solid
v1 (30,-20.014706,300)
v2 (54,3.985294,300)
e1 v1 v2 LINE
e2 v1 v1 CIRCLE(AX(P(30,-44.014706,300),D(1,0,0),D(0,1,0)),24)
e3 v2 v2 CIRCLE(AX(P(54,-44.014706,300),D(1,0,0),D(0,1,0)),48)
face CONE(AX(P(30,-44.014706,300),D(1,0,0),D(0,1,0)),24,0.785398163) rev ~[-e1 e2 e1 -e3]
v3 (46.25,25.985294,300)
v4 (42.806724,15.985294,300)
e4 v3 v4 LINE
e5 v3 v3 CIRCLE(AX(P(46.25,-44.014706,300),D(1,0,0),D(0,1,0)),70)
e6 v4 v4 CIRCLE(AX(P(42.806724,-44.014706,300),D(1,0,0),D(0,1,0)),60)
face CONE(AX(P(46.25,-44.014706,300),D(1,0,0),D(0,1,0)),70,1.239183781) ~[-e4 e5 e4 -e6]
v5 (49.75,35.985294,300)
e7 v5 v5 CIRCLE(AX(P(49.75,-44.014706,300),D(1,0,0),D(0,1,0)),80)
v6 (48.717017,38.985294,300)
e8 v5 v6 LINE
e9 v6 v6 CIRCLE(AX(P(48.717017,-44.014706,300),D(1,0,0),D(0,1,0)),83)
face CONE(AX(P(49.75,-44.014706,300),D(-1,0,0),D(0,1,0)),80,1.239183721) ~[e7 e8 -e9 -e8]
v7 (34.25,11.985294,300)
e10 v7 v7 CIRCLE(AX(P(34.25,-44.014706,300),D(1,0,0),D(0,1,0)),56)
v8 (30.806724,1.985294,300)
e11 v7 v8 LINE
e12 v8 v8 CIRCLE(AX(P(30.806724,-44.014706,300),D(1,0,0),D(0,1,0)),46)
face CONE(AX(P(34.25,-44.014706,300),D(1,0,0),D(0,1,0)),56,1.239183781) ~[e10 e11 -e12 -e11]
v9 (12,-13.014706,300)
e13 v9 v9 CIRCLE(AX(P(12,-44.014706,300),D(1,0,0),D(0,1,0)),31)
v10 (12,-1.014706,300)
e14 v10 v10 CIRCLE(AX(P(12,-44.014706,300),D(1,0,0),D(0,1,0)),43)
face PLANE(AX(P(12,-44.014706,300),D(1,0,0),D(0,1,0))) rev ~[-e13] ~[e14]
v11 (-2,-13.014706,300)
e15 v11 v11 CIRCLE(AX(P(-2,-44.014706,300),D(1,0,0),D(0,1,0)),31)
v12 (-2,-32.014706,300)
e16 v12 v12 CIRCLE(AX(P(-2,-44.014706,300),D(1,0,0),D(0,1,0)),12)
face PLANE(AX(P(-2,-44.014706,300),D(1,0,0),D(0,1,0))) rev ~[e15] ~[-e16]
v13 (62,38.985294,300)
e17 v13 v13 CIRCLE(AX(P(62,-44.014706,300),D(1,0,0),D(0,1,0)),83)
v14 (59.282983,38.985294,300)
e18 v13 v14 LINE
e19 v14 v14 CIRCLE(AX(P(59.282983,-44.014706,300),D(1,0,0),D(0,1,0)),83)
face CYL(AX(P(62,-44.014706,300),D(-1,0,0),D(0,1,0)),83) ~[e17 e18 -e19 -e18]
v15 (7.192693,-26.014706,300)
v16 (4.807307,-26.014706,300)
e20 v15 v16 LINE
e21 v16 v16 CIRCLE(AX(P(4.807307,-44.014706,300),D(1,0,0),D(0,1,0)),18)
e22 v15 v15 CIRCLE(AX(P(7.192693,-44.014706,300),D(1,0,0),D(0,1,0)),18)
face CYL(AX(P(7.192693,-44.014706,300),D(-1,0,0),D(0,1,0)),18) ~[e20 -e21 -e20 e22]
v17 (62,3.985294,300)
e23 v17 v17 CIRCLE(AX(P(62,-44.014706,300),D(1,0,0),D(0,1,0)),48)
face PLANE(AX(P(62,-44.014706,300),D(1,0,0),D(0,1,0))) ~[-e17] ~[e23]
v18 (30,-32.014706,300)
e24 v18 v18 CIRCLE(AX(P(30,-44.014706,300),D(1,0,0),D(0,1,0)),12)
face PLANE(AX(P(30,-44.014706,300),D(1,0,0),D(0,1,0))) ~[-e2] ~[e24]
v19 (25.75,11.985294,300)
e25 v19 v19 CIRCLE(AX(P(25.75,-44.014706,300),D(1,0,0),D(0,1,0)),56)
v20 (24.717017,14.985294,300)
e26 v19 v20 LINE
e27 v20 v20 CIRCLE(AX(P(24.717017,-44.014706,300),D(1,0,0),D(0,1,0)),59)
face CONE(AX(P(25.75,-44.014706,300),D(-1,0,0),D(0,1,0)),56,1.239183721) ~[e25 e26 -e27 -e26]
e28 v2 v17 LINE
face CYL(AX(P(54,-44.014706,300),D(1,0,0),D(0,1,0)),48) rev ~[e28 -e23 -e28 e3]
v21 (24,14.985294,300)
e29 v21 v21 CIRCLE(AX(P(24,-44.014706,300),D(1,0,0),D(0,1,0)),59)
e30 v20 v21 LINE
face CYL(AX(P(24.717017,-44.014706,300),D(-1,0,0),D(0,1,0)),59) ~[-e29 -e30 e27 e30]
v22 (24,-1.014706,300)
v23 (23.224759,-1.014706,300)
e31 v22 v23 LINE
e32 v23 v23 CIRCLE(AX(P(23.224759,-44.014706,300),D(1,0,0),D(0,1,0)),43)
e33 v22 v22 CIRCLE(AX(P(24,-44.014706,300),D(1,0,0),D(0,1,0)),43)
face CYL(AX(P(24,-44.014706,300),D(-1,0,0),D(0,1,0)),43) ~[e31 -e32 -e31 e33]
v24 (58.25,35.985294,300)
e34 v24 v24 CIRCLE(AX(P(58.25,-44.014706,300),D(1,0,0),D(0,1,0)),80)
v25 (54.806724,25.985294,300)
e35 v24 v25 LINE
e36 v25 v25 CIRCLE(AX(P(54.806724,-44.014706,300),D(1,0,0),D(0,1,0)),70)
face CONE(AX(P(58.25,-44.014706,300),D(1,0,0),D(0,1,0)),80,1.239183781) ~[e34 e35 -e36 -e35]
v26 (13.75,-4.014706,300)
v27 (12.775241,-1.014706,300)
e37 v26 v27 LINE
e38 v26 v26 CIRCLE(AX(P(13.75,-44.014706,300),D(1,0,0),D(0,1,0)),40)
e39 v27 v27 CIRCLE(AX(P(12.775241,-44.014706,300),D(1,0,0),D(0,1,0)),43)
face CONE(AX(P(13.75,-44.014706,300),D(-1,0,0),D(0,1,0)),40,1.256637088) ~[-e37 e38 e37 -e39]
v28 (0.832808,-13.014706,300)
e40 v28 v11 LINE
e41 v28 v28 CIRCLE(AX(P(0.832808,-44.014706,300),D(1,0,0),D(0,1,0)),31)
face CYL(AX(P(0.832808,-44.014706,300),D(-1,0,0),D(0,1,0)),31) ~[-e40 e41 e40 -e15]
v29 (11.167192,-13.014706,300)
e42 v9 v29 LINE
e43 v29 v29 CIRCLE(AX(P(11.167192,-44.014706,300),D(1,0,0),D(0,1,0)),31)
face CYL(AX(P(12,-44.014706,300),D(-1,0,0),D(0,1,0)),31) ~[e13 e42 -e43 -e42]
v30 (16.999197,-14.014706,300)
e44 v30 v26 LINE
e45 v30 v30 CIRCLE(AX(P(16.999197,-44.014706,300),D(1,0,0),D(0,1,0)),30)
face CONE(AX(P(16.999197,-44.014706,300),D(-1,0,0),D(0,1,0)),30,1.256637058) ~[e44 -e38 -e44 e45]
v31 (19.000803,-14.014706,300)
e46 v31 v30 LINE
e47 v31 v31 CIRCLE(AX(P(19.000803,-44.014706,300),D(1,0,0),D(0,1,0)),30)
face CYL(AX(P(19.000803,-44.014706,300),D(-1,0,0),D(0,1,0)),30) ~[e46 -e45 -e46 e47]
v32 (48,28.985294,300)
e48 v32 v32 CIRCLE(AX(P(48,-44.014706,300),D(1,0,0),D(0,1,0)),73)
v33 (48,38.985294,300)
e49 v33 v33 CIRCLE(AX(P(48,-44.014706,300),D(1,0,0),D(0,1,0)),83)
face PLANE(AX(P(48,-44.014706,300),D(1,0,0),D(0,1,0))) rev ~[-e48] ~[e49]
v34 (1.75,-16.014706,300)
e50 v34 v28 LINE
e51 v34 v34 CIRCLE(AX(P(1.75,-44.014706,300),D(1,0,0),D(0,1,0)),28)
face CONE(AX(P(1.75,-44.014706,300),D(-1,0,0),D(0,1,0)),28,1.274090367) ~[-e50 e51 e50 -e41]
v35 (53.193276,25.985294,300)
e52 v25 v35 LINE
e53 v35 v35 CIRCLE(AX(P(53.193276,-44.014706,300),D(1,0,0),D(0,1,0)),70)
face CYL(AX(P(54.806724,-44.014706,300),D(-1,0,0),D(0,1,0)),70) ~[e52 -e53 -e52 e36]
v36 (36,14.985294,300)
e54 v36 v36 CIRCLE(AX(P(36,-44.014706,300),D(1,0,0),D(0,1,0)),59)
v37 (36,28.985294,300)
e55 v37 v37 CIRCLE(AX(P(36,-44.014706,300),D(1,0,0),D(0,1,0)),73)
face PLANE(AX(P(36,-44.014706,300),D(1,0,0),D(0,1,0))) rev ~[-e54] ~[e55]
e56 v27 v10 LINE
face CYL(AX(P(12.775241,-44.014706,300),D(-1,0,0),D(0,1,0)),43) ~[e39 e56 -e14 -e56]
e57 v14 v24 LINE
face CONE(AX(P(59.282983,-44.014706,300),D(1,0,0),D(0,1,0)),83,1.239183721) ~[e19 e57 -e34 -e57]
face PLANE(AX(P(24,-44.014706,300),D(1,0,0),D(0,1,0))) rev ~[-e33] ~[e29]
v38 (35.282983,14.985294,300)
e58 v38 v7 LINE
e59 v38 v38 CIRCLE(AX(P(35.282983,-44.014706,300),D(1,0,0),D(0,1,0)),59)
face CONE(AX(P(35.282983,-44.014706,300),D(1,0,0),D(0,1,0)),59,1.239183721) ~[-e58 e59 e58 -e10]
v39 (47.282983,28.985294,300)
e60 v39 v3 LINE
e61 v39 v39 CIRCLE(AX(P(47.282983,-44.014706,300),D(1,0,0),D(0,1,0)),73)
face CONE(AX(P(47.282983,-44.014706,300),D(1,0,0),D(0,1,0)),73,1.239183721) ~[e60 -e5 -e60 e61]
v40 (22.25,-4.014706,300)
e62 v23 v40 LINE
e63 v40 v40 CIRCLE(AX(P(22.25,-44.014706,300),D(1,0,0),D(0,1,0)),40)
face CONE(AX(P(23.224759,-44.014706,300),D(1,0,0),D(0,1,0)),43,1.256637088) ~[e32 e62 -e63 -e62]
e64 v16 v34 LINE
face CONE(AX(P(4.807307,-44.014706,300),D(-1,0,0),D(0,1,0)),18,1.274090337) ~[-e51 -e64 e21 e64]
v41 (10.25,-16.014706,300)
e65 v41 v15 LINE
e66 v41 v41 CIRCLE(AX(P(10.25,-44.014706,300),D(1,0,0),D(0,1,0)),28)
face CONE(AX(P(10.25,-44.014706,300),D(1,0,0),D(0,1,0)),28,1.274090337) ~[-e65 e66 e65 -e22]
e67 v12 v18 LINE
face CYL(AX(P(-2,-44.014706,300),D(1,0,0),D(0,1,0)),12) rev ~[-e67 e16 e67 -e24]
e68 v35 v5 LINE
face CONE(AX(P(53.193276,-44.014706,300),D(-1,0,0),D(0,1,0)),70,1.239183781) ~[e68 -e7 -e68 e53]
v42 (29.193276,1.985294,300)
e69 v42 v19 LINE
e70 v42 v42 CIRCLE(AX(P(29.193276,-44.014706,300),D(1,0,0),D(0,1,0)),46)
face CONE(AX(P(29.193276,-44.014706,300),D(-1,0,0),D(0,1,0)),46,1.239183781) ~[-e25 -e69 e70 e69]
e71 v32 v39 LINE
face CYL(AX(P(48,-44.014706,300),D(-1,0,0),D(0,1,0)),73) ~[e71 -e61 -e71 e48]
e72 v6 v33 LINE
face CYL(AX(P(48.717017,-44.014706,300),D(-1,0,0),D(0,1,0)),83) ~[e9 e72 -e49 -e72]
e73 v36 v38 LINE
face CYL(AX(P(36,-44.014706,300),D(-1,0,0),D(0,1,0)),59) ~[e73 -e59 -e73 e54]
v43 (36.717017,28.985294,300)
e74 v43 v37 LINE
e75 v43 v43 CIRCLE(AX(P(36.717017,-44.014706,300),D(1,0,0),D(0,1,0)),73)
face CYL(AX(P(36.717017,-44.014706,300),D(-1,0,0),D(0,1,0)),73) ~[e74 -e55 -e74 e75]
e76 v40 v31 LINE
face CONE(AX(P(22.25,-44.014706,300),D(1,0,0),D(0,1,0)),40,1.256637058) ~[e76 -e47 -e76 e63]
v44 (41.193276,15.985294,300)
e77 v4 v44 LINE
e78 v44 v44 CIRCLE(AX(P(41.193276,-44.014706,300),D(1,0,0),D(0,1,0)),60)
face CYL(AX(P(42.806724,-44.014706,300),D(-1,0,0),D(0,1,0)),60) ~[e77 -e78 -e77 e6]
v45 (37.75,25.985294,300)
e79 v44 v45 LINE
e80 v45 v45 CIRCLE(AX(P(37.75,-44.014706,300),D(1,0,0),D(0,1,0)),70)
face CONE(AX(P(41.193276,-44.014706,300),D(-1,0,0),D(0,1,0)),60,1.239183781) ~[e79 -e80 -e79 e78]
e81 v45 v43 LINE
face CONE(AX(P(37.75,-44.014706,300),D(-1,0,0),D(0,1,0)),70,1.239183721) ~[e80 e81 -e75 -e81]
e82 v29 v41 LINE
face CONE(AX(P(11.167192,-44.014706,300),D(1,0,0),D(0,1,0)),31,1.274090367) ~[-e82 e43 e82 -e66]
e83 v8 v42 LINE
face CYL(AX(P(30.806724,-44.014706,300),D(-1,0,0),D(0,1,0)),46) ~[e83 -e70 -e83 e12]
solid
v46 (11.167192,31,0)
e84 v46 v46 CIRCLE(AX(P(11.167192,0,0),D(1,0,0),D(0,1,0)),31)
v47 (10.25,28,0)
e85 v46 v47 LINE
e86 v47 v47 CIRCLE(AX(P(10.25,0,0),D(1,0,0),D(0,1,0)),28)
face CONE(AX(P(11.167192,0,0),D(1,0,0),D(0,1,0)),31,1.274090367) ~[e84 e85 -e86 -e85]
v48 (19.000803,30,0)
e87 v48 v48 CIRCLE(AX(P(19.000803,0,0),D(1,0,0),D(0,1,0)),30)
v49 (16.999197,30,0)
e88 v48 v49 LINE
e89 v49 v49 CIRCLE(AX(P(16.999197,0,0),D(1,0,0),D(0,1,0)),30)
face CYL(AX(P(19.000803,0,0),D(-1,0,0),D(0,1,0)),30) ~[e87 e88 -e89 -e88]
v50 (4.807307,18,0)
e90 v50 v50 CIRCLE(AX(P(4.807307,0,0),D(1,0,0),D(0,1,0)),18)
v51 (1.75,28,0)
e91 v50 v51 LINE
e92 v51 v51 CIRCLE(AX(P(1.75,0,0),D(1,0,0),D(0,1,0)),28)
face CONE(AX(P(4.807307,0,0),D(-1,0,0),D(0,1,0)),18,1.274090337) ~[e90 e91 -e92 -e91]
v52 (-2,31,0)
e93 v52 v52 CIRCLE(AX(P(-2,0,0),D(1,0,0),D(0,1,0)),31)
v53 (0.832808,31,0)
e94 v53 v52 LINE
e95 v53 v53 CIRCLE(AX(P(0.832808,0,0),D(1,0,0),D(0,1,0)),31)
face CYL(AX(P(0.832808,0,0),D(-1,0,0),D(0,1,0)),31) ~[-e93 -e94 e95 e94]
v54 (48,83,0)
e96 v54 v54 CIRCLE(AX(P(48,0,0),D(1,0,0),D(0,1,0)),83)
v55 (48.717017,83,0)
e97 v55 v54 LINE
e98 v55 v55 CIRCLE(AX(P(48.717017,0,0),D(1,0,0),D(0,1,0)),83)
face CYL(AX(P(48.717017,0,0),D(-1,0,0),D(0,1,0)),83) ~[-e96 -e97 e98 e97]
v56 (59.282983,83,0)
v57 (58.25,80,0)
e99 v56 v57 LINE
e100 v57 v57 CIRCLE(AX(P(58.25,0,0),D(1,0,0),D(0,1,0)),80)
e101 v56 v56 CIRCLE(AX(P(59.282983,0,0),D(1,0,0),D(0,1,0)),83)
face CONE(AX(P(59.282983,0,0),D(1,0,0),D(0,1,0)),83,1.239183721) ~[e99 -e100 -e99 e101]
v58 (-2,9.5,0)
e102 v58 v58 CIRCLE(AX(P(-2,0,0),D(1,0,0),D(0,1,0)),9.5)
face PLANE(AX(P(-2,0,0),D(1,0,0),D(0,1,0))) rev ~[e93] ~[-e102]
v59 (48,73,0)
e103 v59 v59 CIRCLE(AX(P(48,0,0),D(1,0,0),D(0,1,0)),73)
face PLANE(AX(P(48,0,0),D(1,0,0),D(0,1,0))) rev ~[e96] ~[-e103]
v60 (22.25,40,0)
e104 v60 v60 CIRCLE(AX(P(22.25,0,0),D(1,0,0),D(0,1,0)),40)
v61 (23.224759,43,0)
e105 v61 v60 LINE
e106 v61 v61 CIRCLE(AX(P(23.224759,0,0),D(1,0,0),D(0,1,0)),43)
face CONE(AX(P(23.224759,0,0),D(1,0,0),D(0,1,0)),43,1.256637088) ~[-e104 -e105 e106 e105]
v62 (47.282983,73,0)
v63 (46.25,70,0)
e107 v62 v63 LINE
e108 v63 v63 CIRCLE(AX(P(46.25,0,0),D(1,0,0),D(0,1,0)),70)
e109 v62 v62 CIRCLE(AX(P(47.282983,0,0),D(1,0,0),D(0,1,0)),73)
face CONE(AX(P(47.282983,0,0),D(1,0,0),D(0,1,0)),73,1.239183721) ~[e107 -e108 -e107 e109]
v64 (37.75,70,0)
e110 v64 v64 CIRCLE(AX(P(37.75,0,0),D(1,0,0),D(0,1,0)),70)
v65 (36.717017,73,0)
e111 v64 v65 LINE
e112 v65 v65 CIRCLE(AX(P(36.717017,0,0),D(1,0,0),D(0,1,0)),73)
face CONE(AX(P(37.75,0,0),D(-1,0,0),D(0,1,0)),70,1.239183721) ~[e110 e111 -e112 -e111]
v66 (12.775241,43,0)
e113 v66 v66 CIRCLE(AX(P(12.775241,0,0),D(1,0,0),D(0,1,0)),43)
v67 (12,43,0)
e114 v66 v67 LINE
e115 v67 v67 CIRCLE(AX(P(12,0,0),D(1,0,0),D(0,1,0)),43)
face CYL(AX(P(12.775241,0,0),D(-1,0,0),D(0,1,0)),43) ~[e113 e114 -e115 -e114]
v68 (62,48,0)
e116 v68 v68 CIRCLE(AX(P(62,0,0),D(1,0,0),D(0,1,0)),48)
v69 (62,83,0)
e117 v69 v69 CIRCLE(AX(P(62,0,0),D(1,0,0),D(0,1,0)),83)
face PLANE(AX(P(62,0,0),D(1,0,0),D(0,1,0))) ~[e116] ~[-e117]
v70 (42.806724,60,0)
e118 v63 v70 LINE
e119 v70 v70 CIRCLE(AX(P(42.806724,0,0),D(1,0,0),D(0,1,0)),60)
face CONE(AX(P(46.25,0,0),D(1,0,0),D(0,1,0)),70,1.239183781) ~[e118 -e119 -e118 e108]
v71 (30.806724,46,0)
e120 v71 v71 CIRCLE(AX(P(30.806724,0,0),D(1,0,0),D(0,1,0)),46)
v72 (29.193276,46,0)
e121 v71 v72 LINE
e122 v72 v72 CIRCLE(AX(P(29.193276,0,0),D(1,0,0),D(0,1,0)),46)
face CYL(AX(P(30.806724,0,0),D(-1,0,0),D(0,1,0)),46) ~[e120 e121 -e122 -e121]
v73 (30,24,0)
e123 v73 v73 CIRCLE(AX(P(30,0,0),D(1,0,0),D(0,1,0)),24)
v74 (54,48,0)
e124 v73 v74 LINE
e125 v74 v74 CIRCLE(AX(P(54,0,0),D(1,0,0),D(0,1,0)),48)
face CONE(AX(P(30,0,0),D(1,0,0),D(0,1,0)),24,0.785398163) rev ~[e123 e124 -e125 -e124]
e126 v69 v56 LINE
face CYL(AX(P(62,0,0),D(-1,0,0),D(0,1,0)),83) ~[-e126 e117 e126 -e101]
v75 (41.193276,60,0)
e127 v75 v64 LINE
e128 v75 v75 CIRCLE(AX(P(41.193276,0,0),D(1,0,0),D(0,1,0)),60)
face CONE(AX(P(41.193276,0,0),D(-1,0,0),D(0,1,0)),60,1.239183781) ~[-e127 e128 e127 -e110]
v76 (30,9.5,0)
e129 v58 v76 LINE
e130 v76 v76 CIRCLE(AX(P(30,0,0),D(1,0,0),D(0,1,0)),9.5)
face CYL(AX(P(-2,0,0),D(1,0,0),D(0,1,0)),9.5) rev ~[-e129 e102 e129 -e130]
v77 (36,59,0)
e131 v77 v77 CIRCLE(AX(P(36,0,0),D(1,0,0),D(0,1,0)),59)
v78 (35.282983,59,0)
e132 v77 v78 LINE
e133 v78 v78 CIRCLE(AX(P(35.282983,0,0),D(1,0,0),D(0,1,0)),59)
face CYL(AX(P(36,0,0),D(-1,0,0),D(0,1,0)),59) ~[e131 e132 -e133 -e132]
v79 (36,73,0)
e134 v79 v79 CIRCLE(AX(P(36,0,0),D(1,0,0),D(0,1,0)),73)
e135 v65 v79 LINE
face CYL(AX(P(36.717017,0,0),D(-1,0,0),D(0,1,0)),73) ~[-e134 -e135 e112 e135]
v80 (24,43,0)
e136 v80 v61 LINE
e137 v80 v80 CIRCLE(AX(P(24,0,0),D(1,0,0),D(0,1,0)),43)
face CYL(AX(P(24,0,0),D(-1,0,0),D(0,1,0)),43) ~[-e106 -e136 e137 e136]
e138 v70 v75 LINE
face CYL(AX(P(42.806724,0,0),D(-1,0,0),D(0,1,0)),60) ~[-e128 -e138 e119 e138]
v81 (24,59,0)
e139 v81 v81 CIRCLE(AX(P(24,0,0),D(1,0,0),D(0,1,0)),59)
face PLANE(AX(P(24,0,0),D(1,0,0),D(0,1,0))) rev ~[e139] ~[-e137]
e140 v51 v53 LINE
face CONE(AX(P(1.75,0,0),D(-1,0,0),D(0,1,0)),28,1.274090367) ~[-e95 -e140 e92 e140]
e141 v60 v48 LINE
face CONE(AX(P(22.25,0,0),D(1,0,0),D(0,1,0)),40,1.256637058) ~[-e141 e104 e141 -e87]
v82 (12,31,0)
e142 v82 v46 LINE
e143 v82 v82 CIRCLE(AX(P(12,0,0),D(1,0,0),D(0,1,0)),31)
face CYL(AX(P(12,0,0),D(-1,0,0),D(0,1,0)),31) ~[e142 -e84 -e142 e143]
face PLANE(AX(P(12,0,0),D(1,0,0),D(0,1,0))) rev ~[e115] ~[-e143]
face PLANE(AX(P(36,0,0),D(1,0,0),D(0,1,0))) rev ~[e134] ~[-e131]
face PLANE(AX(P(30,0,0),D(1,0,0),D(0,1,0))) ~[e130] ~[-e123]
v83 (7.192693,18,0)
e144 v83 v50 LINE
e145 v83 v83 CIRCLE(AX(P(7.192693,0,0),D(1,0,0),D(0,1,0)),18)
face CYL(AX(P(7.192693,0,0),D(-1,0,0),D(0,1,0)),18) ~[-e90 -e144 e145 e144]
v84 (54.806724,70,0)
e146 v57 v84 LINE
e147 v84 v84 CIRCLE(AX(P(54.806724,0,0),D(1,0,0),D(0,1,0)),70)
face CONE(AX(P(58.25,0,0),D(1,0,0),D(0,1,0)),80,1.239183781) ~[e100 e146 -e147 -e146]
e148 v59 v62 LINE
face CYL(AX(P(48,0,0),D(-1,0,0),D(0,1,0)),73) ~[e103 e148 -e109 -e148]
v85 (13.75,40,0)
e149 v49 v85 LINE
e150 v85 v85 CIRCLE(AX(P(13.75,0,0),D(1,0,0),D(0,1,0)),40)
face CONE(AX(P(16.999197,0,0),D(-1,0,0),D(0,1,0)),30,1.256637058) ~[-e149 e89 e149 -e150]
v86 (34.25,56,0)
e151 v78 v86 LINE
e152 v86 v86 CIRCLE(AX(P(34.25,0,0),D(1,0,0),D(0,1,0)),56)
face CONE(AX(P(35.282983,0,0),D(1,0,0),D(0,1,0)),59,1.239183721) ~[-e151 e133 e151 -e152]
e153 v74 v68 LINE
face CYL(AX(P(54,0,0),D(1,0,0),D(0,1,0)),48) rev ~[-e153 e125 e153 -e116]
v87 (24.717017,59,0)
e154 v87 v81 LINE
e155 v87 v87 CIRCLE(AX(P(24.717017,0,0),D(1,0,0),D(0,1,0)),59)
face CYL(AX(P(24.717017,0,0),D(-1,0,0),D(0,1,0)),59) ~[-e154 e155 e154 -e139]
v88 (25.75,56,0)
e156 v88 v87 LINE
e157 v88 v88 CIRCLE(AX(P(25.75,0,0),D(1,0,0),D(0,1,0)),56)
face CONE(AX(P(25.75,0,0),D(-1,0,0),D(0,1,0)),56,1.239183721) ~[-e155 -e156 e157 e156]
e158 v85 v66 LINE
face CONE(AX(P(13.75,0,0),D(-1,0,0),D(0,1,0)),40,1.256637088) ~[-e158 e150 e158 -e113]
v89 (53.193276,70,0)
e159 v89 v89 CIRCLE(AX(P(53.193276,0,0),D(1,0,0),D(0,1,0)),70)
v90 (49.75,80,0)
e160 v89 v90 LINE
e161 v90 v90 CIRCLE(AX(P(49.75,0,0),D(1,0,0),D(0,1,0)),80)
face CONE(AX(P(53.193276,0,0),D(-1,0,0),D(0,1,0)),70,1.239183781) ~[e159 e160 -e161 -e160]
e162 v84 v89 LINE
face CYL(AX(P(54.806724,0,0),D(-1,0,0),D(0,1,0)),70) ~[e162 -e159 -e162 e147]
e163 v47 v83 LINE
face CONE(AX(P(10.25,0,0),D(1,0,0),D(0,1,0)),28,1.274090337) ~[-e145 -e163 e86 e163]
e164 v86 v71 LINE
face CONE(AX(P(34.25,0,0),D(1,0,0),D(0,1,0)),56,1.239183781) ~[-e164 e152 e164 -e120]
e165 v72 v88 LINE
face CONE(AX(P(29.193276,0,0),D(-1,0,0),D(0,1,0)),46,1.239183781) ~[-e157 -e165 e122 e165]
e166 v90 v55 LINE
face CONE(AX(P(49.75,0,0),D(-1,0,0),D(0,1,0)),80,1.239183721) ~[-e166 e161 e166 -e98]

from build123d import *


with BuildPart() as f1:
    # F0 (on Top) → F1 (revolve)
    with BuildSketch(Plane.XY):
        Polygon((0.832808, 31), (0, 31), (-2, 31), (-2, 9.5), (30, 9.5), (30, 24), (54, 48), (62, 48), (62, 83), (60, 83), (59.282983, 83), (58.25, 80), (54.806724, 70), (53.193276, 70), (49.75, 80), (48.717017, 83), (48, 83), (48, 73), (47.282983, 73), (46.25, 70), (42.806724, 60), (41.193276, 60), (37.75, 70), (36.717017, 73), (36, 73), (36, 59), (35.282983, 59), (34.25, 56), (30.806724, 46), (29.193276, 46), (25.75, 56), (24.717017, 59), (24, 59), (24, 43), (23.224759, 43), (22.25, 40), (19.000803, 30), (16.999197, 30), (13.75, 40), (12.775241, 43), (12, 43), (12, 31), (11.167192, 31), (10.25, 28), (7.192693, 18), (4.807307, 18), (1.75, 28), align=None)
    revolve(axis=Axis((15, 0, 0), (1, 0, 0)))


with BuildPart() as f4:
    # F3 (on offset) → F4 (revolve)
    with BuildSketch(Plane.XY.offset(300)):
        Polygon((0.832808, -13.014706), (0, -13.014706), (-2, -13.014706), (-2, -32.014706), (30, -32.014706), (30, -20.014706), (54, 3.985294), (62, 3.985294), (62, 38.985294), (60, 38.985294), (59.282983, 38.985294), (58.25, 35.985294), (54.806724, 25.985294), (53.193276, 25.985294), (49.75, 35.985294), (48.717017, 38.985294), (48, 38.985294), (48, 28.985294), (47.282983, 28.985294), (46.25, 25.985294), (42.806724, 15.985294), (41.193276, 15.985294), (37.75, 25.985294), (36.717017, 28.985294), (36, 28.985294), (36, 14.985294), (35.282983, 14.985294), (34.25, 11.985294), (30.806724, 1.985294), (29.193276, 1.985294), (25.75, 11.985294), (24.717017, 14.985294), (24, 14.985294), (24, -1.014706), (23.224759, -1.014706), (22.25, -4.014706), (19.000803, -14.014706), (16.999197, -14.014706), (13.75, -4.014706), (12.775241, -1.014706), (12, -1.014706), (12, -13.014706), (11.167192, -13.014706), (10.25, -16.014706), (7.192693, -26.014706), (4.807307, -26.014706), (1.75, -16.014706), align=None)
    revolve(axis=Axis((15, -44.014706, 300), (1, 0, 0)))


solid = Compound([f1.part, f4.part])
